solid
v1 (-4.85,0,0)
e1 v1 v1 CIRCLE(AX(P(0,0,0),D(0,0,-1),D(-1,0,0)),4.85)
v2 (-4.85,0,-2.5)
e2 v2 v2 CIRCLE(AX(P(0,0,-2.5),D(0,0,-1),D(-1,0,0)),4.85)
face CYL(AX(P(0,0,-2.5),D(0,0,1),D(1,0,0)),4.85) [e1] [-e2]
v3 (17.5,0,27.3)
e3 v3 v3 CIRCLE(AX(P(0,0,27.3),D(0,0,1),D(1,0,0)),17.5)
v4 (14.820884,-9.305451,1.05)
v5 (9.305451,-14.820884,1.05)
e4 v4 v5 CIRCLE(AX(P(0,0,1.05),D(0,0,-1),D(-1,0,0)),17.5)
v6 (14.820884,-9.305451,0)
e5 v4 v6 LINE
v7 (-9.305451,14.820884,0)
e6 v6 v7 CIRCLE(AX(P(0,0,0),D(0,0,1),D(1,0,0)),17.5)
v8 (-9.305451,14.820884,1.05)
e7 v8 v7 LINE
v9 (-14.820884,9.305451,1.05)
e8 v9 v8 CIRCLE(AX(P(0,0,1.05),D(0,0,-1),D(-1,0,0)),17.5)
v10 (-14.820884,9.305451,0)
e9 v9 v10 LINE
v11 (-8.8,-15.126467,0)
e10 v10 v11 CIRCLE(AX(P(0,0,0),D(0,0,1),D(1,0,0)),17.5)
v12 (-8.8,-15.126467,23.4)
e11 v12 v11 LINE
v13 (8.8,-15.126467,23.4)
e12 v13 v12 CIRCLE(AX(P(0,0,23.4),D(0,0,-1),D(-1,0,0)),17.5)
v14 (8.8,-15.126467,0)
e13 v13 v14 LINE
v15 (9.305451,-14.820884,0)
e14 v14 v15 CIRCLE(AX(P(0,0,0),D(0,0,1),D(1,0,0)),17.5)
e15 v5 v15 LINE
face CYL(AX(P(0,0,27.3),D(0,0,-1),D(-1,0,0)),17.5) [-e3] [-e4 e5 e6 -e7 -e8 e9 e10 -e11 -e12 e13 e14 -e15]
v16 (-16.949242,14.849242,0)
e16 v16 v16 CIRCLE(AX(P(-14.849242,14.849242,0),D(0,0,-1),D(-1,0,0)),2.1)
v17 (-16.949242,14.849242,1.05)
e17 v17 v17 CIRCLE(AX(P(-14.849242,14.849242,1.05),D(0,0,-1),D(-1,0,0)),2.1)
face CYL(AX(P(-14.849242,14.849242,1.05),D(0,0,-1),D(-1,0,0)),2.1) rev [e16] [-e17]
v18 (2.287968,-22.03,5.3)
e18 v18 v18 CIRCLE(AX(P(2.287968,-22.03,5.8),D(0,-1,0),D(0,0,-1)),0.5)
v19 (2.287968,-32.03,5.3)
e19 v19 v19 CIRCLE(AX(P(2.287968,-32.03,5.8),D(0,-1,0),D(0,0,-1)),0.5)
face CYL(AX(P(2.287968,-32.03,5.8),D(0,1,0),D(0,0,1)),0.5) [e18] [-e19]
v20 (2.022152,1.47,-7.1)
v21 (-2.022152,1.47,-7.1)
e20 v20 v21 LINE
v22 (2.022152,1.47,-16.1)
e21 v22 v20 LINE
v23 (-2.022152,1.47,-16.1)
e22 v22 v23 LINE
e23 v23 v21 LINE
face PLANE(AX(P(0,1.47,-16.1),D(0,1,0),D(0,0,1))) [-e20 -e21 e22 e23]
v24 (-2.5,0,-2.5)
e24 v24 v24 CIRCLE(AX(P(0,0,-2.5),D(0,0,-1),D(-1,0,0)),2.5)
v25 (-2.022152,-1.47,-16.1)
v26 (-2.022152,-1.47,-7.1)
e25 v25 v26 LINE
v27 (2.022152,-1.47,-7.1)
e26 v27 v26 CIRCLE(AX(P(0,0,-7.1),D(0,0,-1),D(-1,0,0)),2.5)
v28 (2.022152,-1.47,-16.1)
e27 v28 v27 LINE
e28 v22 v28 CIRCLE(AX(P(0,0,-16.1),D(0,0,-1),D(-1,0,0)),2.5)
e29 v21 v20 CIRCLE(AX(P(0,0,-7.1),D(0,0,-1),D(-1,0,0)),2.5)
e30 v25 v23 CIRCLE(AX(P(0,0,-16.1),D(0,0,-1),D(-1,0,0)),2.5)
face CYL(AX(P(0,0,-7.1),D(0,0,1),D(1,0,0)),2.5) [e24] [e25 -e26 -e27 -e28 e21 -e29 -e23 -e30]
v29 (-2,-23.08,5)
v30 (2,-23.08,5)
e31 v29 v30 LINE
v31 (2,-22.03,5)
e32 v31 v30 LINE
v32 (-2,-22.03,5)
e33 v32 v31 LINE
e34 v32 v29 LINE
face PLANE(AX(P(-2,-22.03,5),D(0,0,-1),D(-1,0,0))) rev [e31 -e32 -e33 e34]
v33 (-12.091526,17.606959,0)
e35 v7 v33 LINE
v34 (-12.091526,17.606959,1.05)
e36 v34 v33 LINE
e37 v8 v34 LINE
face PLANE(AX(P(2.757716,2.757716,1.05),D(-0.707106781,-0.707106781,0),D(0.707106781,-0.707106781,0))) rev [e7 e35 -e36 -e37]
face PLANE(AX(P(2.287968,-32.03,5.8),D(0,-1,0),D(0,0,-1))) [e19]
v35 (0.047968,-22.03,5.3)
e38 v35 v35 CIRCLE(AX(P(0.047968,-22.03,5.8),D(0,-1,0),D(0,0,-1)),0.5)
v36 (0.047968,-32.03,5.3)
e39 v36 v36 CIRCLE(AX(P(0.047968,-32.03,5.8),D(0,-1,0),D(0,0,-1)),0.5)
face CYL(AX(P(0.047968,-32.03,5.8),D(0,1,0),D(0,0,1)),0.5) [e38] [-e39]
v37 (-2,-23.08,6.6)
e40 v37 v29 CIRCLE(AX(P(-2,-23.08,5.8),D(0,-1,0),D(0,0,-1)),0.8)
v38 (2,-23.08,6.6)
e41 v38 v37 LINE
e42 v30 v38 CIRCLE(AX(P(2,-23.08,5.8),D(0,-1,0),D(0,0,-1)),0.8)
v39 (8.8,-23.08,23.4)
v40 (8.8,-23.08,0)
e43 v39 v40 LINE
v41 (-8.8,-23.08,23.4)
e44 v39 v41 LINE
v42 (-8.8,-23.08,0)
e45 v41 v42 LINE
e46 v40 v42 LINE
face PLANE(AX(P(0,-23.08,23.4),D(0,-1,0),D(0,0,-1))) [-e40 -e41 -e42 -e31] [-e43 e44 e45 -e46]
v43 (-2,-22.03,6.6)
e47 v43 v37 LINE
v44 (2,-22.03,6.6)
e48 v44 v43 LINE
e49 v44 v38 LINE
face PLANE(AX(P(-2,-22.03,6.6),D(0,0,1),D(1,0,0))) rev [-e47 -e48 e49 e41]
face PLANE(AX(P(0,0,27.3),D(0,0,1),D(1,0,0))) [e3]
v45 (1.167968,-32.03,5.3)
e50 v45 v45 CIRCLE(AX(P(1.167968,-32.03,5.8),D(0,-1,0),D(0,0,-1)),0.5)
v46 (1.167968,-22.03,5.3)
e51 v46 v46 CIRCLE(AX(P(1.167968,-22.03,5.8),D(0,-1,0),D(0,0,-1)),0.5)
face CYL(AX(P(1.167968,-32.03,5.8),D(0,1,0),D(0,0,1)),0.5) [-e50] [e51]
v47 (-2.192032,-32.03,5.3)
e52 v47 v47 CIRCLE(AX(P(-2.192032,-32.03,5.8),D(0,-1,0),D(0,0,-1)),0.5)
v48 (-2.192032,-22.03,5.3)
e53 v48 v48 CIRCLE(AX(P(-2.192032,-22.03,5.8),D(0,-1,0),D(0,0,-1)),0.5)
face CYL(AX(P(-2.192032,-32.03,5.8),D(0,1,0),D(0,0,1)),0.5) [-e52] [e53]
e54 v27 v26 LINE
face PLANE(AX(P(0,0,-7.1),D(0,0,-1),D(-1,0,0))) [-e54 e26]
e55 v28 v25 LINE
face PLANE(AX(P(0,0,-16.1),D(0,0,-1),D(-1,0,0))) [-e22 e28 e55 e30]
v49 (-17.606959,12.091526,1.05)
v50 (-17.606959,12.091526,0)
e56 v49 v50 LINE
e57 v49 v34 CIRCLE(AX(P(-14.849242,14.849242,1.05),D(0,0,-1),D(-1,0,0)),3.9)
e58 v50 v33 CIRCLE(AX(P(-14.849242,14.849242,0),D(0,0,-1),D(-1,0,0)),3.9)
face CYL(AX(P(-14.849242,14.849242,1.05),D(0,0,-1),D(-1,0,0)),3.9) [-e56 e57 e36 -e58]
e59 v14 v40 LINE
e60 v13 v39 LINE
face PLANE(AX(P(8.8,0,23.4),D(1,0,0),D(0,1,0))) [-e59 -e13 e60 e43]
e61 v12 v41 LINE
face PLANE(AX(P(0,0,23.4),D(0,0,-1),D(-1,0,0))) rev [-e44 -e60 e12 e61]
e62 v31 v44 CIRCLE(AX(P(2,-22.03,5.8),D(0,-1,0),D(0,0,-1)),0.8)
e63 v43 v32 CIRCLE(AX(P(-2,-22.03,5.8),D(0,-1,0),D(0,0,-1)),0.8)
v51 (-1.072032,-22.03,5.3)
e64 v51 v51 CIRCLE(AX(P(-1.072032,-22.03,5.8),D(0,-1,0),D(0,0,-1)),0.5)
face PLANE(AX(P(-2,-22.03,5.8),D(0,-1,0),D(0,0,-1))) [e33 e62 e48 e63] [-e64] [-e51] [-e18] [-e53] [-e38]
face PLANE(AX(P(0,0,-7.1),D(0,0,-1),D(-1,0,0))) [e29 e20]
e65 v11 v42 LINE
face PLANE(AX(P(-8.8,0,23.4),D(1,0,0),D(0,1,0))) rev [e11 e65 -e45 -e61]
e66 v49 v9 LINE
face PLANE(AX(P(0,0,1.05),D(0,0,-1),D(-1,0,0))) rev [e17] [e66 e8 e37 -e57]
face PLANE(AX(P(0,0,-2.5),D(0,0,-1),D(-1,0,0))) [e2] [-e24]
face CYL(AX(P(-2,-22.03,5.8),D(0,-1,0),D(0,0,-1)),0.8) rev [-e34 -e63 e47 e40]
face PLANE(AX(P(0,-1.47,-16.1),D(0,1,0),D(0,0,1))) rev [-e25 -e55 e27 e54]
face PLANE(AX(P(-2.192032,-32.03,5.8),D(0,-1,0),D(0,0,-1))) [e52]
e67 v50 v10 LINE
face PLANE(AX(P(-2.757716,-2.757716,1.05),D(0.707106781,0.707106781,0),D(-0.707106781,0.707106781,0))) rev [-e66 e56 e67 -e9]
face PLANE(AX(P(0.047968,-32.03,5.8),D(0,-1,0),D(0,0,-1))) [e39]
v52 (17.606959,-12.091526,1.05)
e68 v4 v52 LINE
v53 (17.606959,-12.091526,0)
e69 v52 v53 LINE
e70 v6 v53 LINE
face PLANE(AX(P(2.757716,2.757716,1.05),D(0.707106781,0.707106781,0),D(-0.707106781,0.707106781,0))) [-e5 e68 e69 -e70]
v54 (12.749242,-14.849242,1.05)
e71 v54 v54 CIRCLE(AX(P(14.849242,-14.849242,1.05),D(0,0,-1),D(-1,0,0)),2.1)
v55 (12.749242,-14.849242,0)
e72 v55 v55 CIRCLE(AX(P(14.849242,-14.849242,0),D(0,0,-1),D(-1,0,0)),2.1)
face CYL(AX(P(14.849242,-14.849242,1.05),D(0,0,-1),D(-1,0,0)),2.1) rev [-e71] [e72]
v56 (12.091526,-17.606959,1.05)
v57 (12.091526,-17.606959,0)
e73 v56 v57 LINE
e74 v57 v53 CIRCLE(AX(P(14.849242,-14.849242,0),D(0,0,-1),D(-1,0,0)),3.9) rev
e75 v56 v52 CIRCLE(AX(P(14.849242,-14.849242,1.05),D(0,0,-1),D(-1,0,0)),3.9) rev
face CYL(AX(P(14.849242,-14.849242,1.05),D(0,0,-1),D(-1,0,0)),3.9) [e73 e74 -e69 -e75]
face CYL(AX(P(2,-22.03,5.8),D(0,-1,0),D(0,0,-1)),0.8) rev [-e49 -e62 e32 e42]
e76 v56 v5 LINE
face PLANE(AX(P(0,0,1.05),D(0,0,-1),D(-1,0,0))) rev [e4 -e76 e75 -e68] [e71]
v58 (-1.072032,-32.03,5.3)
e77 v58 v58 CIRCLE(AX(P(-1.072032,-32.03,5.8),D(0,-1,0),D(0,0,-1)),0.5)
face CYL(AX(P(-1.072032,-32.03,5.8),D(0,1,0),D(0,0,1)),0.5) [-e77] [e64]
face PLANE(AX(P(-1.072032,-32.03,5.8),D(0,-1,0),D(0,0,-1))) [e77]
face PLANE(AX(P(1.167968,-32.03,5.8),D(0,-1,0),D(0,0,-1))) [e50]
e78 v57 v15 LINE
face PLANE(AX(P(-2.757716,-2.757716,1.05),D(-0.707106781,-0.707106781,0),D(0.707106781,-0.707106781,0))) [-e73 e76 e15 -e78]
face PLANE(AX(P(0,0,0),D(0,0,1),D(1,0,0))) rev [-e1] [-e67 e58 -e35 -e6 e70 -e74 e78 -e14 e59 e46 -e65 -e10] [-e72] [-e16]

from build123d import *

# Parameters (mm, degrees)
SKETCH_1_R          = 17.5
EXTRUDE_1_DEPTH     = 27.3
SKETCH_2_R          = 4.85
EXTRUDE_2_DEPTH     = 2.5
SKETCH_3_R          = 2.5
EXTRUDE_3_DEPTH     = 4.6
EXTRUDE_4_DEPTH     = 9
EXTRUDE_5_DEPTH     = 23.4
SKETCH_6_R          = 2.1
EXTRUDE_6_DEPTH     = 1.05
CUT_EXTRUDE_1_DEPTH = 1.05
SKETCH_8_R          = 0.5
EXTRUDE_7_DEPTH     = 10


with BuildPart() as part:
    # 草图1 → 凸台-拉伸1 (new body)
    with BuildSketch(Plane.XY):
        Circle(SKETCH_1_R)
    extrude(amount=EXTRUDE_1_DEPTH)

    # 草图2 → 凸台-拉伸2 (add)
    with BuildSketch(Plane(origin=(0, 0, 0), x_dir=(-1, 0, 0), z_dir=(0, 0, -1))):
        Circle(SKETCH_2_R)
    extrude(amount=EXTRUDE_2_DEPTH)

    # 草图3 → 凸台-拉伸3 (add)
    with BuildSketch(Plane(origin=(0, 0, -2.5), x_dir=(-1, 0, 0), z_dir=(0, 0, -1))):
        Circle(SKETCH_3_R)
    extrude(amount=EXTRUDE_3_DEPTH)

    # 草图4 → 凸台-拉伸4 (add)
    with BuildSketch(Plane(origin=(0, 0, -7.1), x_dir=(-1, 0, 0), z_dir=(0, 0, -1))):
        with BuildLine():
            Line((2.022152319, 1.47), (-2.022152319, 1.47))
            ThreePointArc((-2.022152319, 1.47), (-2.5, 0), (-2.022152319, -1.47))
            Line((-2.022152319, -1.47), (2.022152319, -1.47))
            ThreePointArc((2.022152319, -1.47), (2.377538727, -0.772858073), (2.5, 0))
            ThreePointArc((2.5, 0), (2.377538727, 0.772858073), (2.022152319, 1.47))
        make_face()
    extrude(amount=EXTRUDE_4_DEPTH)

    # 草图5 → 凸台-拉伸5 (add)
    with BuildSketch(Plane(origin=(0, 0, 0), x_dir=(-1, 0, 0), z_dir=(0, 0, -1))):
        with BuildLine():
            ThreePointArc((8.8, -15.126466871), (0, -17.5), (-8.8, -15.126466871))
            Line((-8.8, -15.126466871), (-8.8, -23.08))
            Line((-8.8, -23.08), (8.8, -23.08))
            Line((8.8, -23.08), (8.8, -15.126466871))
        make_face()
    extrude(amount=-EXTRUDE_5_DEPTH)

    # 草图6 → 凸台-拉伸6 (add)
    # profile 1 of 6: a face of its own
    with BuildSketch(Plane(origin=(0, 0, 0), x_dir=(-1, 0, 0), z_dir=(0, 0, -1))):
        with BuildLine():
            ThreePointArc((-13.433971222, -11.215097736), (-15.650847937, -11.032512316), (-17.606958852, -12.091525958))
            ThreePointArc((-17.606958852, -12.091525958), (-17.606958852, -17.606958852), (-12.091525958, -17.606958852))
            ThreePointArc((-12.091525958, -17.606958852), (-11.246112228, -16.341707791), (-10.949242405, -14.849242405))
            ThreePointArc((-10.949242405, -14.849242405), (-11.016282438, -14.129229978), (-11.215097736, -13.433971222))
            ThreePointArc((-11.215097736, -13.433971222), (-12.374368671, -12.374368671), (-13.433971222, -11.215097736))
        make_face()
        with Locations((-14.849242405, -14.849242405)):
            Circle(SKETCH_6_R, mode=Mode.SUBTRACT)
    # profile 2 of 6: a face of its own
    with BuildSketch(Plane(origin=(0, 0, 0), x_dir=(-1, 0, 0), z_dir=(0, 0, -1))):
        with BuildLine():
            ThreePointArc((-10.949242405, -14.849242405), (-11.246112228, -16.341707791), (-12.091525958, -17.606958852))
            Line((-12.091525958, -17.606958852), (-9.305450633, -14.820883527))
            ThreePointArc((-9.305450633, -14.820883527), (-10.283681626, -14.159657207), (-11.215097736, -13.433971222))
            ThreePointArc((-11.215097736, -13.433971222), (-11.016282438, -14.129229978), (-10.949242405, -14.849242405))
        make_face()
    # profile 3 of 6: a face of its own
    with BuildSketch(Plane(origin=(0, 0, 0), x_dir=(-1, 0, 0), z_dir=(0, 0, -1))):
        with BuildLine():
            ThreePointArc((-13.433971222, -11.215097736), (-14.159657207, -10.283681626), (-14.820883527, -9.305450633))
            Line((-14.820883527, -9.305450633), (-17.606958852, -12.091525958))
            ThreePointArc((-17.606958852, -12.091525958), (-15.650847937, -11.032512316), (-13.433971222, -11.215097736))
        make_face()
    # profile 4 of 6: a face of its own
    with BuildSketch(Plane(origin=(0, 0, 0), x_dir=(-1, 0, 0), z_dir=(0, 0, -1))):
        with BuildLine():
            ThreePointArc((18.749242405, 14.849242405), (16.341707791, 18.452372582), (12.091525958, 17.606958852))
            ThreePointArc((12.091525958, 17.606958852), (11.032512316, 15.650847937), (11.215097736, 13.433971222))
            ThreePointArc((11.215097736, 13.433971222), (12.374368671, 12.374368671), (13.433971222, 11.215097736))
            ThreePointArc((13.433971222, 11.215097736), (15.650847937, 11.032512316), (17.606958852, 12.091525958))
            ThreePointArc((17.606958852, 12.091525958), (18.452372582, 13.356777019), (18.749242405, 14.849242405))
        make_face()
        with Locations((14.849242405, 14.849242405)):
            Circle(SKETCH_6_R, mode=Mode.SUBTRACT)
    # profile 5 of 6: a face of its own
    with BuildSketch(Plane(origin=(0, 0, 0), x_dir=(-1, 0, 0), z_dir=(0, 0, -1))):
        with BuildLine():
            ThreePointArc((17.606958852, 12.091525958), (15.650847937, 11.032512316), (13.433971222, 11.215097736))
            ThreePointArc((13.433971222, 11.215097736), (14.159657207, 10.283681626), (14.820883527, 9.305450633))
            Line((14.820883527, 9.305450633), (17.606958852, 12.091525958))
        make_face()
    # profile 6 of 6: a face of its own
    with BuildSketch(Plane(origin=(0, 0, 0), x_dir=(-1, 0, 0), z_dir=(0, 0, -1))):
        with BuildLine():
            Line((12.091525958, 17.606958852), (9.305450633, 14.820883527))
            ThreePointArc((9.305450633, 14.820883527), (10.283681626, 14.159657207), (11.215097736, 13.433971222))
            ThreePointArc((11.215097736, 13.433971222), (11.032512316, 15.650847937), (12.091525958, 17.606958852))
        make_face()
    extrude(amount=-EXTRUDE_6_DEPTH)

    # 草图7 → 切除-拉伸1 (cut)
    with BuildSketch(Plane.XZ.offset(23.08)):
        with BuildLine():
            Line((-2, 6.6), (2, 6.6))
            ThreePointArc((2, 6.6), (2.8, 5.8), (2, 5))
            Line((2, 5), (-2, 5))
            ThreePointArc((-2, 5), (-2.8, 5.8), (-2, 6.6))
        make_face()
    extrude(amount=-CUT_EXTRUDE_1_DEPTH, mode=Mode.SUBTRACT)

    # 草图8 → 凸台-拉伸7 (add)
    with BuildSketch(Plane.XZ.offset(22.03)):
        with Locations(Location((2.287967864, 5.8, 0), (0, 0, 270))):
            Circle(SKETCH_8_R)
        with Locations(Location((1.167967864, 5.8, 0), (0, 0, 270))):
            Circle(SKETCH_8_R)
        with Locations(Location((0.047967864, 5.8, 0), (0, 0, 270))):
            Circle(SKETCH_8_R)
        with Locations(Location((-1.072032136, 5.8, 0), (0, 0, 270))):
            Circle(SKETCH_8_R)
        with Locations(Location((-2.192032136, 5.8, 0), (0, 0, 270))):
            Circle(SKETCH_8_R)
    extrude(amount=EXTRUDE_7_DEPTH)


solid = part.part
